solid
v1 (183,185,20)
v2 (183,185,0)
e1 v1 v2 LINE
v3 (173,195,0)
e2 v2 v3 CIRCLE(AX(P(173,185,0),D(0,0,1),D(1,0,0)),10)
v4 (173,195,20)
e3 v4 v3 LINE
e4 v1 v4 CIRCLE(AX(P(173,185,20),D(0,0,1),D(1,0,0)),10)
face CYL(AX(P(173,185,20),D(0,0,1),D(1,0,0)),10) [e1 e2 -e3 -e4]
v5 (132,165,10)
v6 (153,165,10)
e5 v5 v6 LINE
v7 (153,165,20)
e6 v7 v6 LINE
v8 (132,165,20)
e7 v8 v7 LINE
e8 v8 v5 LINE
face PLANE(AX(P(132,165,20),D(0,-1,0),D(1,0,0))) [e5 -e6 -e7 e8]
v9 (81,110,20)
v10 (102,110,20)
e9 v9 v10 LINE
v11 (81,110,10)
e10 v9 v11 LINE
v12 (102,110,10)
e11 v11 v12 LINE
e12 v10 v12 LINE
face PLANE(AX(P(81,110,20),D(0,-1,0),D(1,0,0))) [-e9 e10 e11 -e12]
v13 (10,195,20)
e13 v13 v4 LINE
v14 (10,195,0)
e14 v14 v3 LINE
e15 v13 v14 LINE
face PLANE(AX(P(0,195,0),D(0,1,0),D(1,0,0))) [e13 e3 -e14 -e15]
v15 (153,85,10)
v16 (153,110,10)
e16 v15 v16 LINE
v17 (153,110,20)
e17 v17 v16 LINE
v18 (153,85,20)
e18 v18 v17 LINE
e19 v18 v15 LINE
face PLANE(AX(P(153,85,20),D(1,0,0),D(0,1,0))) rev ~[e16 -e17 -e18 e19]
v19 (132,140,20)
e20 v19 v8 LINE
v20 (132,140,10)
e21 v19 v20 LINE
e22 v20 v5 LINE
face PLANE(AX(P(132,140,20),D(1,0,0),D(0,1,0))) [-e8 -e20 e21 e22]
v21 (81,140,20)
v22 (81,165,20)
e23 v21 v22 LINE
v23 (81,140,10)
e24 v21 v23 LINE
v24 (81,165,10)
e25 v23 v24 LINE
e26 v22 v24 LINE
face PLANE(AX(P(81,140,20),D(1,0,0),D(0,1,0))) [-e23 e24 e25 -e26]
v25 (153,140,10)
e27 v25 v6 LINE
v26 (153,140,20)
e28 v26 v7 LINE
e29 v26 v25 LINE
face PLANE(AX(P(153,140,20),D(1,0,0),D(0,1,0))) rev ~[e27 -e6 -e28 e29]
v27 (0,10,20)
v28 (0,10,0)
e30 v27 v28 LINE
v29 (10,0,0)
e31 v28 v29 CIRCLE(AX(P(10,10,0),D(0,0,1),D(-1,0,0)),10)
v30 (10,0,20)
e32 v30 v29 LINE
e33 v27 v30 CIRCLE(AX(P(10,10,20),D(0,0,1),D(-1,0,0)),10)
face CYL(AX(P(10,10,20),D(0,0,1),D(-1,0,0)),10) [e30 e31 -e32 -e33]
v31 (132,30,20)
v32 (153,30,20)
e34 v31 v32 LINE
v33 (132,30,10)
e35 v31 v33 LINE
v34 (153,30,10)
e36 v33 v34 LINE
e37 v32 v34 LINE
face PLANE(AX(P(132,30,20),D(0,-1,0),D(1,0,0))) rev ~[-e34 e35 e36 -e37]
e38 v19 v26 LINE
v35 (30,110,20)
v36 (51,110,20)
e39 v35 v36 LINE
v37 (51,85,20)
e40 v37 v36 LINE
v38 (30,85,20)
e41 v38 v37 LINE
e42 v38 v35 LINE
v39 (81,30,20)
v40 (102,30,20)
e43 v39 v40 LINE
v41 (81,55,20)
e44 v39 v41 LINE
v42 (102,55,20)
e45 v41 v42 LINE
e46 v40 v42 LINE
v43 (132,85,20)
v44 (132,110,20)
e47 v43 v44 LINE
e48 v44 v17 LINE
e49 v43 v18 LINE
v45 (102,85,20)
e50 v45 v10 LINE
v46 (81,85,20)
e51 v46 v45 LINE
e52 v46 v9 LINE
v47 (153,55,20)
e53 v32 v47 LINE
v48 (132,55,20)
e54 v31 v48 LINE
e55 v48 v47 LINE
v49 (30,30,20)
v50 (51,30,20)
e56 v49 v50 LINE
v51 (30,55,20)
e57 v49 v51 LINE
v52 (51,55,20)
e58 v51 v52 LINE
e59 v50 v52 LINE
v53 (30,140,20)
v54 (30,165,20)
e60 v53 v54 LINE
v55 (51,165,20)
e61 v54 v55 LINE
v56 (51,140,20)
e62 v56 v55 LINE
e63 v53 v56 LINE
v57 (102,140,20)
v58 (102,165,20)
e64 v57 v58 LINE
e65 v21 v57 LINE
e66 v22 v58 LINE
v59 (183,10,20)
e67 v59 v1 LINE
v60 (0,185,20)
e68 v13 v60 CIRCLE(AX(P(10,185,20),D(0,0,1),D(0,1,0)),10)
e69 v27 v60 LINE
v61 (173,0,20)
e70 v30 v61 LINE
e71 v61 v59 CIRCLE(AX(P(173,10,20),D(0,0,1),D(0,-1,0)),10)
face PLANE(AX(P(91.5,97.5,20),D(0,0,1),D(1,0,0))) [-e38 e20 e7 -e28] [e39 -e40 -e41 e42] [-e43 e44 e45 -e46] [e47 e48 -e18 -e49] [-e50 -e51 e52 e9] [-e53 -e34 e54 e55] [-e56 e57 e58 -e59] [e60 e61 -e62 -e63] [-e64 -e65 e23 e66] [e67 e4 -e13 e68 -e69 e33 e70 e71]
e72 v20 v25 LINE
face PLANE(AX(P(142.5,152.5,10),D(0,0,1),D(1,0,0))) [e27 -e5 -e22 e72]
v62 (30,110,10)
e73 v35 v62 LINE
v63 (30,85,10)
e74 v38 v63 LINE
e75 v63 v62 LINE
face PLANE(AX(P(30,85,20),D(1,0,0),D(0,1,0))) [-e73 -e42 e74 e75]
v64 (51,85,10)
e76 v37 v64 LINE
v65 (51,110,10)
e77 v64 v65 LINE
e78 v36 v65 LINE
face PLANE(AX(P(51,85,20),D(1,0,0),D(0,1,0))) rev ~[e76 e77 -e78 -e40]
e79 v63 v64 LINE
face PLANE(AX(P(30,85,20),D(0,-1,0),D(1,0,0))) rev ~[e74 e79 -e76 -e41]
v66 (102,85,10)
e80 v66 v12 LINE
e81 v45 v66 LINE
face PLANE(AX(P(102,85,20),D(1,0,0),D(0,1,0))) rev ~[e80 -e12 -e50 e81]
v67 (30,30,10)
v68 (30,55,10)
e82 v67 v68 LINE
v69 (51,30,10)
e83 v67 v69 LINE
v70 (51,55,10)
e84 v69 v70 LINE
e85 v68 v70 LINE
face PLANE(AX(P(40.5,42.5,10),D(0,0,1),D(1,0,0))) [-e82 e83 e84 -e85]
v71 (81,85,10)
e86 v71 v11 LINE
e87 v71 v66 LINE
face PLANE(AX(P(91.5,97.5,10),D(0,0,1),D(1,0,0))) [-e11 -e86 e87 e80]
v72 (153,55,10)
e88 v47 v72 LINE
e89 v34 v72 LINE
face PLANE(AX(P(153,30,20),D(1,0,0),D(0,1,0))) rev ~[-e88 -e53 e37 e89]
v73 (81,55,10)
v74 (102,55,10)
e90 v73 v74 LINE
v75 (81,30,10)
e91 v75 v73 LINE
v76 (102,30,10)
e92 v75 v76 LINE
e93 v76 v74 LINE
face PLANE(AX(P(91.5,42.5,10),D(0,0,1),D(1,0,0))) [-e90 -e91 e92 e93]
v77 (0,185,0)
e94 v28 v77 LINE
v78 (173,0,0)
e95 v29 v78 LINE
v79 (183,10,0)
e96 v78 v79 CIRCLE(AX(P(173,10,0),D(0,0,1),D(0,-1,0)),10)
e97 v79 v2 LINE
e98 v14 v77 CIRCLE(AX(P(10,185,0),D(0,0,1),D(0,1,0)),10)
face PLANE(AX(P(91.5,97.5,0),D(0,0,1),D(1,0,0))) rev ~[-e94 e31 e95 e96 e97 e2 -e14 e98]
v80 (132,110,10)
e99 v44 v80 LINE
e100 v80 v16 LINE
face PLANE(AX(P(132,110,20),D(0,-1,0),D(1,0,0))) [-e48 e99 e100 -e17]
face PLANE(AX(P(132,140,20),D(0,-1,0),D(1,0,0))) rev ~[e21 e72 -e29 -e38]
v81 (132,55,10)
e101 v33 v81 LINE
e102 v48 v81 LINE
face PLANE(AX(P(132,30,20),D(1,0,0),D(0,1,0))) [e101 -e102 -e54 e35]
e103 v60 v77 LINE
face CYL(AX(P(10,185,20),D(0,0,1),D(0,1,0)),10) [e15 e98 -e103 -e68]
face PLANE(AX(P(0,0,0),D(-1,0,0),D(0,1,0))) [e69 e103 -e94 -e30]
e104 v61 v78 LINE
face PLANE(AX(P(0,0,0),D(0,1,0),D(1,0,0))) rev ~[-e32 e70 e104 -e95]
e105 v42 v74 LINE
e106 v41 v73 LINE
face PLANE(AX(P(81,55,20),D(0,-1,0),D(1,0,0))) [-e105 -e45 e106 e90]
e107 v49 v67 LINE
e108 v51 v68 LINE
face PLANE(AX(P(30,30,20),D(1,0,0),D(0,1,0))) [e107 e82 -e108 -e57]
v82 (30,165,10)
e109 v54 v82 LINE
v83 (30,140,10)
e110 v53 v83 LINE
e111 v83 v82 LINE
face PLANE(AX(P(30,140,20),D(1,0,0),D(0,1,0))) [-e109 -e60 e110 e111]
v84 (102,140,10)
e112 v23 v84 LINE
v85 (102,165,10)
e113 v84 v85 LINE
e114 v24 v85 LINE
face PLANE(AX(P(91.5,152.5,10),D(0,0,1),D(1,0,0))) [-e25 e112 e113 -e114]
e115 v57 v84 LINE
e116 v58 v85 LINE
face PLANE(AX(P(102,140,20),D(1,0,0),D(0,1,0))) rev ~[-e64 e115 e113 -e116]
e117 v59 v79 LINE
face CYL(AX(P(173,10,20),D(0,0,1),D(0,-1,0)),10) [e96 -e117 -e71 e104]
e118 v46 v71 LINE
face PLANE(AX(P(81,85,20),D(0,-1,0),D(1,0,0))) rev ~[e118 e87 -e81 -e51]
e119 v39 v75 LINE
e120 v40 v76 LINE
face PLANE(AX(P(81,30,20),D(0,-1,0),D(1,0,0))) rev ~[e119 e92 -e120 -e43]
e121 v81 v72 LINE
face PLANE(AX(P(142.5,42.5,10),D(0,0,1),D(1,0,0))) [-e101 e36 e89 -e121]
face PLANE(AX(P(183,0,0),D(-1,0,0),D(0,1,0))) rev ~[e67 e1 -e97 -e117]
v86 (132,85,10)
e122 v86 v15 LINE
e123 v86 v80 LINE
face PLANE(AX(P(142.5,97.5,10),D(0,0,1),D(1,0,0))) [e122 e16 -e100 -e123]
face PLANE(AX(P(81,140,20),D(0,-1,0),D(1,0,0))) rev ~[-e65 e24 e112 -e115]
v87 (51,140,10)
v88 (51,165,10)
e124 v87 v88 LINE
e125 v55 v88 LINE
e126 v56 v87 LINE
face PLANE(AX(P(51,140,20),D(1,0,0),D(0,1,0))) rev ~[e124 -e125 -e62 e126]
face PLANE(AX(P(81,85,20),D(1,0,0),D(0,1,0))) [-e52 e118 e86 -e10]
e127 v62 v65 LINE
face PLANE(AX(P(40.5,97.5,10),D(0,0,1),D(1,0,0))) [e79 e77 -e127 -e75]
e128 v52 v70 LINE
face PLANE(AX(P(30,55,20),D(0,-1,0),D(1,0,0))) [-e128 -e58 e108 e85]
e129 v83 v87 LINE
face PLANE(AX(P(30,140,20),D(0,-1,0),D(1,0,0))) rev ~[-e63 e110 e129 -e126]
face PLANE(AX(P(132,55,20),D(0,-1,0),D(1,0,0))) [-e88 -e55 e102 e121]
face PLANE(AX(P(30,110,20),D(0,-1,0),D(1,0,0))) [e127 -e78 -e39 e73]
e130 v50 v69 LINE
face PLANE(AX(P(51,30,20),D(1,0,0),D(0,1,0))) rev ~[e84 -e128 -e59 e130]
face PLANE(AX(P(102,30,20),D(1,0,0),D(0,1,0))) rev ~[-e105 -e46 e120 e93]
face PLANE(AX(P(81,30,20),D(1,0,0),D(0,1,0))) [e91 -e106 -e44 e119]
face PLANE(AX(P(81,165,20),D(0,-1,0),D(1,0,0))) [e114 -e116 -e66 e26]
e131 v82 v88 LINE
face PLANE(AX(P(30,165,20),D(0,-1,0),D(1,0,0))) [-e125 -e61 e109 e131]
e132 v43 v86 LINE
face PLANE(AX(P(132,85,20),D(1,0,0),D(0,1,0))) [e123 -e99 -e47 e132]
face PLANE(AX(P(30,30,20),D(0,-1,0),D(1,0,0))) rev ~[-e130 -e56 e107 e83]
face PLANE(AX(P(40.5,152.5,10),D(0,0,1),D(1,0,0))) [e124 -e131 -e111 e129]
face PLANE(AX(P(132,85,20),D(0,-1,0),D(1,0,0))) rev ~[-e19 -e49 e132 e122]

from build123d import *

# Parameters (mm, degrees)
SKETCH1_W           = 183
SKETCH1_H           = 195
BOSS_EXTRUDE2_DEPTH = 20
SKETCH3_W           = 21
SKETCH3_H           = 25
CUT_EXTRUDE1_DEPTH  = 10
CUT_EXTRUDE2_DEPTH  = 135


with BuildPart() as part:
    # Sketch1 → Boss-Extrude2 (new body)
    with BuildSketch(Plane.XY):
        with Locations((91.5, 97.5)):
            Rectangle(SKETCH1_W, SKETCH1_H)
    extrude(amount=BOSS_EXTRUDE2_DEPTH)

    # Sketch3 → Cut-Extrude1 (cut)
    with BuildSketch(Plane.XY.offset(20)):
        with Locations((40.5, 97.5)):
            Rectangle(SKETCH3_W, SKETCH3_H)
        with Locations((40.5, 152.5)):
            Rectangle(SKETCH3_W, SKETCH3_H)
        with Locations((91.5, 152.5)):
            Rectangle(SKETCH3_W, SKETCH3_H)
        with Locations((40.5, 42.5)):
            Rectangle(SKETCH3_W, SKETCH3_H)
        with Locations((91.5, 97.5)):
            Rectangle(SKETCH3_W, SKETCH3_H)
        with Locations((91.5, 42.5)):
            Rectangle(SKETCH3_W, SKETCH3_H)
        with Locations((142.5, 97.5)):
            Rectangle(SKETCH3_W, SKETCH3_H)
        with Locations((142.5, 42.5)):
            Rectangle(SKETCH3_W, SKETCH3_H)
        with Locations((142.5, 152.5)):
            Rectangle(SKETCH3_W, SKETCH3_H)
    extrude(amount=-CUT_EXTRUDE1_DEPTH, mode=Mode.SUBTRACT)

    # Sketch4 → Cut-Extrude2 (cut)
    with BuildSketch(Plane.XY.offset(20)):
        with BuildLine():
            Line((0, 185), (0, 195))
            Line((0, 195), (10, 195))
            ThreePointArc((10, 195), (2.928932188, 192.071067812), (0, 185))
        make_face()
        with BuildLine():
            Line((173, 195), (183, 195))
            Line((183, 195), (183, 185))
            ThreePointArc((183, 185), (180.071067812, 192.071067812), (173, 195))
        make_face()
        with BuildLine():
            Line((183, 10), (183, 0))
            Line((183, 0), (173, 0))
            ThreePointArc((173, 0), (180.071067812, 2.928932188), (183, 10))
        make_face()
        with BuildLine():
            Line((10, 0), (0, 0))
            Line((0, 0), (0, 10))
            ThreePointArc((0, 10), (2.928932188, 2.928932188), (10, 0))
        make_face()
    extrude(amount=-CUT_EXTRUDE2_DEPTH, mode=Mode.SUBTRACT)


solid = part.part
